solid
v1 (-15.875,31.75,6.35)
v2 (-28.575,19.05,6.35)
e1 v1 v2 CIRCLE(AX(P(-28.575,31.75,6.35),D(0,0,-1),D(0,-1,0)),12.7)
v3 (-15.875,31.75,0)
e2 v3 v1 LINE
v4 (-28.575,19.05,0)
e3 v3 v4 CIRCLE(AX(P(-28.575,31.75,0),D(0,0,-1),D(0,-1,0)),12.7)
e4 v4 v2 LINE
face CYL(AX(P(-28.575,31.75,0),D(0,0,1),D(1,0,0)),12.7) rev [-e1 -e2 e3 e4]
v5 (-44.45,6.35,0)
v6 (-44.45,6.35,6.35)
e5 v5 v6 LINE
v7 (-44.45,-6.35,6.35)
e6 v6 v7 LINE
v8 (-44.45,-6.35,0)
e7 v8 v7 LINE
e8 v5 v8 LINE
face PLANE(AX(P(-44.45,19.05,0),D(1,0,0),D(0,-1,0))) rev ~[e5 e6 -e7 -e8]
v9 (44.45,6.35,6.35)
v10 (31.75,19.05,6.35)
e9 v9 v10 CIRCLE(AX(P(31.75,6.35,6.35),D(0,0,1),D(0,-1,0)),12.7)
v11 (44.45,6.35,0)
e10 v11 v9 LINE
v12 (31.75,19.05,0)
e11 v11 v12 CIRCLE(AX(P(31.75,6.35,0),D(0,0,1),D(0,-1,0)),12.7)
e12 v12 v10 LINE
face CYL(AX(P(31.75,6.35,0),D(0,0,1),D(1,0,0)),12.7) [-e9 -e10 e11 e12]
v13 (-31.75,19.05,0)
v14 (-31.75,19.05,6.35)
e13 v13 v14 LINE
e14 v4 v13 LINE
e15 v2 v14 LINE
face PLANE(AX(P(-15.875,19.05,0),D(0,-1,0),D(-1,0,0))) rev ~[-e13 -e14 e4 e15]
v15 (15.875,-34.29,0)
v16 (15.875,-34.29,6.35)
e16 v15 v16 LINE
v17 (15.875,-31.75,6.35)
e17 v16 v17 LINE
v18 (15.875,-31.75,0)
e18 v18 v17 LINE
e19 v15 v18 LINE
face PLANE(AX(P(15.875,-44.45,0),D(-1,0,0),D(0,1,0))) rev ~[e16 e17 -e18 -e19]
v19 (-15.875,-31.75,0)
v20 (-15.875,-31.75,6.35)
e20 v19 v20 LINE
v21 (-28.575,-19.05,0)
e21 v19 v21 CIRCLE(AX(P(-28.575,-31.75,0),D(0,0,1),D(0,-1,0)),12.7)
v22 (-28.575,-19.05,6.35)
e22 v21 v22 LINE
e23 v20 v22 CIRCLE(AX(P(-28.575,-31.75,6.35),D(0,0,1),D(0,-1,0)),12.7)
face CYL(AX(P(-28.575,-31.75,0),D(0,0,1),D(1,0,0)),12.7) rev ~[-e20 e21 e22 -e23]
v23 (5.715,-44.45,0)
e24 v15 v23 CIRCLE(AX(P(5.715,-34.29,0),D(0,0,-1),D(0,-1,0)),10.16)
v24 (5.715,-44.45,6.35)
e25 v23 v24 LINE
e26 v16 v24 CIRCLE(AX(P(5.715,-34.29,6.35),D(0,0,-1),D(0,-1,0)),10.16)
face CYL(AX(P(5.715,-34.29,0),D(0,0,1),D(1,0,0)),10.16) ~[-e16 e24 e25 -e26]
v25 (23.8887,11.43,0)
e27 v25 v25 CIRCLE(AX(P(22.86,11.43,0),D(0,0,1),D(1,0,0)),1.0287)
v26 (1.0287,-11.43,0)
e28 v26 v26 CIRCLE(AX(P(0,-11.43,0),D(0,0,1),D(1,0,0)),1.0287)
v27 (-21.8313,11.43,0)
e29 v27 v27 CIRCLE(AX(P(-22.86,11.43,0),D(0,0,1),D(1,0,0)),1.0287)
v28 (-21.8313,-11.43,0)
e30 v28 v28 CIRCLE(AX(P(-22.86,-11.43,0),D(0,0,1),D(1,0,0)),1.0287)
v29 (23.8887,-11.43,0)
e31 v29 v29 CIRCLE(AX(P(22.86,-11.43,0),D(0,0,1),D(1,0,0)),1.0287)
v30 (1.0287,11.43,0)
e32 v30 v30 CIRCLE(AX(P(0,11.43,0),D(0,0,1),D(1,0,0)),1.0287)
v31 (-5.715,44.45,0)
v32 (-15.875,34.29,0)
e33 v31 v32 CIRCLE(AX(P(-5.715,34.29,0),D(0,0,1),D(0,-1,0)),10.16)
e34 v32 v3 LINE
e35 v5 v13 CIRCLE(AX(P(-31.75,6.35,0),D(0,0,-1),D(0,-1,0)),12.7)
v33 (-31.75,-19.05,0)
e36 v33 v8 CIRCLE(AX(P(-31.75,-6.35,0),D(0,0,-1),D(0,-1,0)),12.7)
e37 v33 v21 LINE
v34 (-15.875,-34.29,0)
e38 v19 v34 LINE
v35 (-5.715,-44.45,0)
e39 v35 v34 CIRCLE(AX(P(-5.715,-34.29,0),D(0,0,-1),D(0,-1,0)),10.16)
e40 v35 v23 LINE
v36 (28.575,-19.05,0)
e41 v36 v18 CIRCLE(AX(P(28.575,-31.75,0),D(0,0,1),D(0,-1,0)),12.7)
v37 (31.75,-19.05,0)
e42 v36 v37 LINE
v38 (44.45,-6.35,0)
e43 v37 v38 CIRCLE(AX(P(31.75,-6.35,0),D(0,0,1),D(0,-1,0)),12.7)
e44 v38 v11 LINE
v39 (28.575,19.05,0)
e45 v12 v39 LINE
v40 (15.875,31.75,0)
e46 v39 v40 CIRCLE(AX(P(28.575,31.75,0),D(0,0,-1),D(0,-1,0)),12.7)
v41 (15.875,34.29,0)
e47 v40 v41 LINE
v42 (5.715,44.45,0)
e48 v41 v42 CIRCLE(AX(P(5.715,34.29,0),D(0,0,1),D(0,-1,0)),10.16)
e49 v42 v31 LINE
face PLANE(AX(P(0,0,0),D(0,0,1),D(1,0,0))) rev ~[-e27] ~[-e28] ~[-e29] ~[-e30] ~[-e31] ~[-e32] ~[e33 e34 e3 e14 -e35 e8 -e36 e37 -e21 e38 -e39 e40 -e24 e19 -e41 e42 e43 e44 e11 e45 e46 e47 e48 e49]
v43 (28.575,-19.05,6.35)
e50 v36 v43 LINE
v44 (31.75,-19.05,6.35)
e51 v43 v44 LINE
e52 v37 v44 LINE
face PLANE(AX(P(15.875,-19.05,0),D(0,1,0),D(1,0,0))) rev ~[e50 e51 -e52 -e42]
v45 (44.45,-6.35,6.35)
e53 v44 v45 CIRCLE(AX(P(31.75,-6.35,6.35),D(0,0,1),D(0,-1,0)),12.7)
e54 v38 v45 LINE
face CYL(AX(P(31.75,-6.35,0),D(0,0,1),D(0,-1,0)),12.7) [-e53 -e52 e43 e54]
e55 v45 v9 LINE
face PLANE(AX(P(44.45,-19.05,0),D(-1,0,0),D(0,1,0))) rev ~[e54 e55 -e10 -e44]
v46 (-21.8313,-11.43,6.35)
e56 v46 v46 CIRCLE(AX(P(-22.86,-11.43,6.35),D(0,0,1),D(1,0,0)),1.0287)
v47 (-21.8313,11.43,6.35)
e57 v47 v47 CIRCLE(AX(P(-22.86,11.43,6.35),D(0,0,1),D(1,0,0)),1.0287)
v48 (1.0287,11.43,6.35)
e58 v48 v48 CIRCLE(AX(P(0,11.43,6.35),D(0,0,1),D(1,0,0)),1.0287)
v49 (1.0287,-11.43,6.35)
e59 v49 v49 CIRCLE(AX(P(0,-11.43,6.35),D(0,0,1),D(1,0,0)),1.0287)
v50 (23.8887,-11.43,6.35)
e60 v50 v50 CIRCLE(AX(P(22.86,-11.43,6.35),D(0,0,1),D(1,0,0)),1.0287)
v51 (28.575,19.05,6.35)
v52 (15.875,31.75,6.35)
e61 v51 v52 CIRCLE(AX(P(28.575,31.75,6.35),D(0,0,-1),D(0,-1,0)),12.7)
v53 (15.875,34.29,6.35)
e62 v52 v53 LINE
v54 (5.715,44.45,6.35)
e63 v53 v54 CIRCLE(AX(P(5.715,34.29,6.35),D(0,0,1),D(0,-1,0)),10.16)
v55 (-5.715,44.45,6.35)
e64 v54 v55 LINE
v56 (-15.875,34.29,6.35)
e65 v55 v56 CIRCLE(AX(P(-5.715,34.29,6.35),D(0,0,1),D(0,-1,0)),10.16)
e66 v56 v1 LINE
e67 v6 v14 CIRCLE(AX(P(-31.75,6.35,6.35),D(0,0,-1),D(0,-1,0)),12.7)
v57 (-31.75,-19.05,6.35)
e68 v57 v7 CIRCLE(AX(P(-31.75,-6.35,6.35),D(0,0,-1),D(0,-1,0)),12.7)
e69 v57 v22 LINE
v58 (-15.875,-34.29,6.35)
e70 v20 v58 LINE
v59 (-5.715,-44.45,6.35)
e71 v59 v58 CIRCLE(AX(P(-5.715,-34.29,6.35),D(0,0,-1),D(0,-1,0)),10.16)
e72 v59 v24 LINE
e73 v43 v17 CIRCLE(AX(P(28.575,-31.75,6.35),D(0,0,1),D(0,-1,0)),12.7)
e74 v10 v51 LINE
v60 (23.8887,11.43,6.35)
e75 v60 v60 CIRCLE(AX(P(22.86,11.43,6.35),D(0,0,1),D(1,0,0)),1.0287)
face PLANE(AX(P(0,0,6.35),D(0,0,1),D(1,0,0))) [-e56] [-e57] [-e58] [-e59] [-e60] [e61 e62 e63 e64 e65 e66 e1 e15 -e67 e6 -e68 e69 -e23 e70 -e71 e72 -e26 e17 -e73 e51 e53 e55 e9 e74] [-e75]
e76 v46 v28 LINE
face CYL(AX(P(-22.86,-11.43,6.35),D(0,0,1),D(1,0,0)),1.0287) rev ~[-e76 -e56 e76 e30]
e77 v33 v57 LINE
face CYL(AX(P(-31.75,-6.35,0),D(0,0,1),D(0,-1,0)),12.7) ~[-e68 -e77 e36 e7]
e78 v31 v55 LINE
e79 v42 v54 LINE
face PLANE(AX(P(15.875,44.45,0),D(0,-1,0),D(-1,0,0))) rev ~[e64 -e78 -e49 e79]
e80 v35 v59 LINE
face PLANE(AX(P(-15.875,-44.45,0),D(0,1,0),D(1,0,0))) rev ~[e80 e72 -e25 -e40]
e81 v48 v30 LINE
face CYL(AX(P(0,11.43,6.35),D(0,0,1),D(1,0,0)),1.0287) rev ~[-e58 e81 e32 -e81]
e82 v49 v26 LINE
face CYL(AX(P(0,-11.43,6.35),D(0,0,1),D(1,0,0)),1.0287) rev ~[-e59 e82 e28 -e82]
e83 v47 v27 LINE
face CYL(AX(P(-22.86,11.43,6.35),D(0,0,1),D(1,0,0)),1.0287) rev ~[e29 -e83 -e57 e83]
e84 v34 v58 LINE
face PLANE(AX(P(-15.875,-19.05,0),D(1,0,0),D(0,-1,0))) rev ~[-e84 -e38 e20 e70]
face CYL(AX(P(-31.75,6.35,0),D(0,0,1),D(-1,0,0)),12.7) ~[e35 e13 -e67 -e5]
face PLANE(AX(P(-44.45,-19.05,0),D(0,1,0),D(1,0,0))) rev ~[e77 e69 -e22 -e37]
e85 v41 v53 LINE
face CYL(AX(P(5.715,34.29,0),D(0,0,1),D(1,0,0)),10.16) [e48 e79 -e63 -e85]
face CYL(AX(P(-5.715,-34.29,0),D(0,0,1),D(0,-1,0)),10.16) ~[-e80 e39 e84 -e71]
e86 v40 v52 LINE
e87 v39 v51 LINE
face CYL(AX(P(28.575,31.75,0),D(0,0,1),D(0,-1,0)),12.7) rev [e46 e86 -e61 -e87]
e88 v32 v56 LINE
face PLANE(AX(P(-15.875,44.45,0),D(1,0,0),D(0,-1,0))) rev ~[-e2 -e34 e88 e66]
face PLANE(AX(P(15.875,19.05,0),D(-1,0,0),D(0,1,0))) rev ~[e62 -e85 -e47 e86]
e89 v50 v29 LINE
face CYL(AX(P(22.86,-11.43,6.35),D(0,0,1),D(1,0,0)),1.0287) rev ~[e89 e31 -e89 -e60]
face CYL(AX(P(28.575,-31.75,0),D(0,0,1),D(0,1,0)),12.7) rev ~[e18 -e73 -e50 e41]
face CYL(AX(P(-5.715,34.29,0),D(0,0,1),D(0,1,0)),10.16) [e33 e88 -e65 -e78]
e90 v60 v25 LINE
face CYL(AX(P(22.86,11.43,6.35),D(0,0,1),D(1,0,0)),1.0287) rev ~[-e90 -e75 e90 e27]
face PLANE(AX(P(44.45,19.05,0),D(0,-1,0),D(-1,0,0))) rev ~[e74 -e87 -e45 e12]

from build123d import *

# Parameters (mm, degrees)
F1_DEPTH = 6.35
F2_R     = 1.0287
F3_DEPTH = 25.4
F4_R     = 12.7
F5_R     = 10.16


with BuildPart() as f1:
    # F0 (on Top) → F1 (new body)
    with BuildSketch(Plane.XY):
        Polygon((15.875, -19.05), (44.45, -19.05), (44.45, 19.05), (15.875, 19.05), (15.875, 44.45), (-15.875, 44.45), (-15.875, 19.05), (-44.45, 19.05), (-44.45, -19.05), (-15.875, -19.05), (-15.875, -44.45), (15.875, -44.45), align=None)
    extrude(amount=F1_DEPTH)

    # F2 (on face) → F3 (cut)
    with BuildSketch(Plane.XY.offset(6.35)):
        with Locations((-22.86, 11.43)):
            Circle(F2_R)
        with Locations((-22.86, -11.43)):
            Circle(F2_R)
        with Locations((0, 11.43)):
            Circle(F2_R)
        with Locations((0, -11.43)):
            Circle(F2_R)
        with Locations((22.86, 11.43)):
            Circle(F2_R)
        with Locations((22.86, -11.43)):
            Circle(F2_R)
    extrude(amount=-F3_DEPTH, mode=Mode.SUBTRACT)

    # F4
    f4_edges = [f1.edges().sort_by_distance(p)[0] for p in [
        (-44.45, -19.05, 3.175),
        (-44.45, 19.05, 3.175),
        (44.45, 19.05, 3.175),
        (44.45, -19.05, 3.175),
        (-15.875, -19.05, 3.175),
        (-15.875, 19.05, 3.175),
        (15.875, 19.05, 3.175),
        (15.875, -19.05, 3.175),
    ]]
    fillet(f4_edges, radius=F4_R)

    # F5
    f5_edges = [f1.edges().sort_by_distance(p)[0] for p in [
        (-15.875, 44.45, 3.175),
        (15.875, 44.45, 3.175),
        (-15.875, -44.45, 3.175),
        (15.875, -44.45, 3.175),
    ]]
    fillet(f5_edges, radius=F5_R)


solid = f1.part
